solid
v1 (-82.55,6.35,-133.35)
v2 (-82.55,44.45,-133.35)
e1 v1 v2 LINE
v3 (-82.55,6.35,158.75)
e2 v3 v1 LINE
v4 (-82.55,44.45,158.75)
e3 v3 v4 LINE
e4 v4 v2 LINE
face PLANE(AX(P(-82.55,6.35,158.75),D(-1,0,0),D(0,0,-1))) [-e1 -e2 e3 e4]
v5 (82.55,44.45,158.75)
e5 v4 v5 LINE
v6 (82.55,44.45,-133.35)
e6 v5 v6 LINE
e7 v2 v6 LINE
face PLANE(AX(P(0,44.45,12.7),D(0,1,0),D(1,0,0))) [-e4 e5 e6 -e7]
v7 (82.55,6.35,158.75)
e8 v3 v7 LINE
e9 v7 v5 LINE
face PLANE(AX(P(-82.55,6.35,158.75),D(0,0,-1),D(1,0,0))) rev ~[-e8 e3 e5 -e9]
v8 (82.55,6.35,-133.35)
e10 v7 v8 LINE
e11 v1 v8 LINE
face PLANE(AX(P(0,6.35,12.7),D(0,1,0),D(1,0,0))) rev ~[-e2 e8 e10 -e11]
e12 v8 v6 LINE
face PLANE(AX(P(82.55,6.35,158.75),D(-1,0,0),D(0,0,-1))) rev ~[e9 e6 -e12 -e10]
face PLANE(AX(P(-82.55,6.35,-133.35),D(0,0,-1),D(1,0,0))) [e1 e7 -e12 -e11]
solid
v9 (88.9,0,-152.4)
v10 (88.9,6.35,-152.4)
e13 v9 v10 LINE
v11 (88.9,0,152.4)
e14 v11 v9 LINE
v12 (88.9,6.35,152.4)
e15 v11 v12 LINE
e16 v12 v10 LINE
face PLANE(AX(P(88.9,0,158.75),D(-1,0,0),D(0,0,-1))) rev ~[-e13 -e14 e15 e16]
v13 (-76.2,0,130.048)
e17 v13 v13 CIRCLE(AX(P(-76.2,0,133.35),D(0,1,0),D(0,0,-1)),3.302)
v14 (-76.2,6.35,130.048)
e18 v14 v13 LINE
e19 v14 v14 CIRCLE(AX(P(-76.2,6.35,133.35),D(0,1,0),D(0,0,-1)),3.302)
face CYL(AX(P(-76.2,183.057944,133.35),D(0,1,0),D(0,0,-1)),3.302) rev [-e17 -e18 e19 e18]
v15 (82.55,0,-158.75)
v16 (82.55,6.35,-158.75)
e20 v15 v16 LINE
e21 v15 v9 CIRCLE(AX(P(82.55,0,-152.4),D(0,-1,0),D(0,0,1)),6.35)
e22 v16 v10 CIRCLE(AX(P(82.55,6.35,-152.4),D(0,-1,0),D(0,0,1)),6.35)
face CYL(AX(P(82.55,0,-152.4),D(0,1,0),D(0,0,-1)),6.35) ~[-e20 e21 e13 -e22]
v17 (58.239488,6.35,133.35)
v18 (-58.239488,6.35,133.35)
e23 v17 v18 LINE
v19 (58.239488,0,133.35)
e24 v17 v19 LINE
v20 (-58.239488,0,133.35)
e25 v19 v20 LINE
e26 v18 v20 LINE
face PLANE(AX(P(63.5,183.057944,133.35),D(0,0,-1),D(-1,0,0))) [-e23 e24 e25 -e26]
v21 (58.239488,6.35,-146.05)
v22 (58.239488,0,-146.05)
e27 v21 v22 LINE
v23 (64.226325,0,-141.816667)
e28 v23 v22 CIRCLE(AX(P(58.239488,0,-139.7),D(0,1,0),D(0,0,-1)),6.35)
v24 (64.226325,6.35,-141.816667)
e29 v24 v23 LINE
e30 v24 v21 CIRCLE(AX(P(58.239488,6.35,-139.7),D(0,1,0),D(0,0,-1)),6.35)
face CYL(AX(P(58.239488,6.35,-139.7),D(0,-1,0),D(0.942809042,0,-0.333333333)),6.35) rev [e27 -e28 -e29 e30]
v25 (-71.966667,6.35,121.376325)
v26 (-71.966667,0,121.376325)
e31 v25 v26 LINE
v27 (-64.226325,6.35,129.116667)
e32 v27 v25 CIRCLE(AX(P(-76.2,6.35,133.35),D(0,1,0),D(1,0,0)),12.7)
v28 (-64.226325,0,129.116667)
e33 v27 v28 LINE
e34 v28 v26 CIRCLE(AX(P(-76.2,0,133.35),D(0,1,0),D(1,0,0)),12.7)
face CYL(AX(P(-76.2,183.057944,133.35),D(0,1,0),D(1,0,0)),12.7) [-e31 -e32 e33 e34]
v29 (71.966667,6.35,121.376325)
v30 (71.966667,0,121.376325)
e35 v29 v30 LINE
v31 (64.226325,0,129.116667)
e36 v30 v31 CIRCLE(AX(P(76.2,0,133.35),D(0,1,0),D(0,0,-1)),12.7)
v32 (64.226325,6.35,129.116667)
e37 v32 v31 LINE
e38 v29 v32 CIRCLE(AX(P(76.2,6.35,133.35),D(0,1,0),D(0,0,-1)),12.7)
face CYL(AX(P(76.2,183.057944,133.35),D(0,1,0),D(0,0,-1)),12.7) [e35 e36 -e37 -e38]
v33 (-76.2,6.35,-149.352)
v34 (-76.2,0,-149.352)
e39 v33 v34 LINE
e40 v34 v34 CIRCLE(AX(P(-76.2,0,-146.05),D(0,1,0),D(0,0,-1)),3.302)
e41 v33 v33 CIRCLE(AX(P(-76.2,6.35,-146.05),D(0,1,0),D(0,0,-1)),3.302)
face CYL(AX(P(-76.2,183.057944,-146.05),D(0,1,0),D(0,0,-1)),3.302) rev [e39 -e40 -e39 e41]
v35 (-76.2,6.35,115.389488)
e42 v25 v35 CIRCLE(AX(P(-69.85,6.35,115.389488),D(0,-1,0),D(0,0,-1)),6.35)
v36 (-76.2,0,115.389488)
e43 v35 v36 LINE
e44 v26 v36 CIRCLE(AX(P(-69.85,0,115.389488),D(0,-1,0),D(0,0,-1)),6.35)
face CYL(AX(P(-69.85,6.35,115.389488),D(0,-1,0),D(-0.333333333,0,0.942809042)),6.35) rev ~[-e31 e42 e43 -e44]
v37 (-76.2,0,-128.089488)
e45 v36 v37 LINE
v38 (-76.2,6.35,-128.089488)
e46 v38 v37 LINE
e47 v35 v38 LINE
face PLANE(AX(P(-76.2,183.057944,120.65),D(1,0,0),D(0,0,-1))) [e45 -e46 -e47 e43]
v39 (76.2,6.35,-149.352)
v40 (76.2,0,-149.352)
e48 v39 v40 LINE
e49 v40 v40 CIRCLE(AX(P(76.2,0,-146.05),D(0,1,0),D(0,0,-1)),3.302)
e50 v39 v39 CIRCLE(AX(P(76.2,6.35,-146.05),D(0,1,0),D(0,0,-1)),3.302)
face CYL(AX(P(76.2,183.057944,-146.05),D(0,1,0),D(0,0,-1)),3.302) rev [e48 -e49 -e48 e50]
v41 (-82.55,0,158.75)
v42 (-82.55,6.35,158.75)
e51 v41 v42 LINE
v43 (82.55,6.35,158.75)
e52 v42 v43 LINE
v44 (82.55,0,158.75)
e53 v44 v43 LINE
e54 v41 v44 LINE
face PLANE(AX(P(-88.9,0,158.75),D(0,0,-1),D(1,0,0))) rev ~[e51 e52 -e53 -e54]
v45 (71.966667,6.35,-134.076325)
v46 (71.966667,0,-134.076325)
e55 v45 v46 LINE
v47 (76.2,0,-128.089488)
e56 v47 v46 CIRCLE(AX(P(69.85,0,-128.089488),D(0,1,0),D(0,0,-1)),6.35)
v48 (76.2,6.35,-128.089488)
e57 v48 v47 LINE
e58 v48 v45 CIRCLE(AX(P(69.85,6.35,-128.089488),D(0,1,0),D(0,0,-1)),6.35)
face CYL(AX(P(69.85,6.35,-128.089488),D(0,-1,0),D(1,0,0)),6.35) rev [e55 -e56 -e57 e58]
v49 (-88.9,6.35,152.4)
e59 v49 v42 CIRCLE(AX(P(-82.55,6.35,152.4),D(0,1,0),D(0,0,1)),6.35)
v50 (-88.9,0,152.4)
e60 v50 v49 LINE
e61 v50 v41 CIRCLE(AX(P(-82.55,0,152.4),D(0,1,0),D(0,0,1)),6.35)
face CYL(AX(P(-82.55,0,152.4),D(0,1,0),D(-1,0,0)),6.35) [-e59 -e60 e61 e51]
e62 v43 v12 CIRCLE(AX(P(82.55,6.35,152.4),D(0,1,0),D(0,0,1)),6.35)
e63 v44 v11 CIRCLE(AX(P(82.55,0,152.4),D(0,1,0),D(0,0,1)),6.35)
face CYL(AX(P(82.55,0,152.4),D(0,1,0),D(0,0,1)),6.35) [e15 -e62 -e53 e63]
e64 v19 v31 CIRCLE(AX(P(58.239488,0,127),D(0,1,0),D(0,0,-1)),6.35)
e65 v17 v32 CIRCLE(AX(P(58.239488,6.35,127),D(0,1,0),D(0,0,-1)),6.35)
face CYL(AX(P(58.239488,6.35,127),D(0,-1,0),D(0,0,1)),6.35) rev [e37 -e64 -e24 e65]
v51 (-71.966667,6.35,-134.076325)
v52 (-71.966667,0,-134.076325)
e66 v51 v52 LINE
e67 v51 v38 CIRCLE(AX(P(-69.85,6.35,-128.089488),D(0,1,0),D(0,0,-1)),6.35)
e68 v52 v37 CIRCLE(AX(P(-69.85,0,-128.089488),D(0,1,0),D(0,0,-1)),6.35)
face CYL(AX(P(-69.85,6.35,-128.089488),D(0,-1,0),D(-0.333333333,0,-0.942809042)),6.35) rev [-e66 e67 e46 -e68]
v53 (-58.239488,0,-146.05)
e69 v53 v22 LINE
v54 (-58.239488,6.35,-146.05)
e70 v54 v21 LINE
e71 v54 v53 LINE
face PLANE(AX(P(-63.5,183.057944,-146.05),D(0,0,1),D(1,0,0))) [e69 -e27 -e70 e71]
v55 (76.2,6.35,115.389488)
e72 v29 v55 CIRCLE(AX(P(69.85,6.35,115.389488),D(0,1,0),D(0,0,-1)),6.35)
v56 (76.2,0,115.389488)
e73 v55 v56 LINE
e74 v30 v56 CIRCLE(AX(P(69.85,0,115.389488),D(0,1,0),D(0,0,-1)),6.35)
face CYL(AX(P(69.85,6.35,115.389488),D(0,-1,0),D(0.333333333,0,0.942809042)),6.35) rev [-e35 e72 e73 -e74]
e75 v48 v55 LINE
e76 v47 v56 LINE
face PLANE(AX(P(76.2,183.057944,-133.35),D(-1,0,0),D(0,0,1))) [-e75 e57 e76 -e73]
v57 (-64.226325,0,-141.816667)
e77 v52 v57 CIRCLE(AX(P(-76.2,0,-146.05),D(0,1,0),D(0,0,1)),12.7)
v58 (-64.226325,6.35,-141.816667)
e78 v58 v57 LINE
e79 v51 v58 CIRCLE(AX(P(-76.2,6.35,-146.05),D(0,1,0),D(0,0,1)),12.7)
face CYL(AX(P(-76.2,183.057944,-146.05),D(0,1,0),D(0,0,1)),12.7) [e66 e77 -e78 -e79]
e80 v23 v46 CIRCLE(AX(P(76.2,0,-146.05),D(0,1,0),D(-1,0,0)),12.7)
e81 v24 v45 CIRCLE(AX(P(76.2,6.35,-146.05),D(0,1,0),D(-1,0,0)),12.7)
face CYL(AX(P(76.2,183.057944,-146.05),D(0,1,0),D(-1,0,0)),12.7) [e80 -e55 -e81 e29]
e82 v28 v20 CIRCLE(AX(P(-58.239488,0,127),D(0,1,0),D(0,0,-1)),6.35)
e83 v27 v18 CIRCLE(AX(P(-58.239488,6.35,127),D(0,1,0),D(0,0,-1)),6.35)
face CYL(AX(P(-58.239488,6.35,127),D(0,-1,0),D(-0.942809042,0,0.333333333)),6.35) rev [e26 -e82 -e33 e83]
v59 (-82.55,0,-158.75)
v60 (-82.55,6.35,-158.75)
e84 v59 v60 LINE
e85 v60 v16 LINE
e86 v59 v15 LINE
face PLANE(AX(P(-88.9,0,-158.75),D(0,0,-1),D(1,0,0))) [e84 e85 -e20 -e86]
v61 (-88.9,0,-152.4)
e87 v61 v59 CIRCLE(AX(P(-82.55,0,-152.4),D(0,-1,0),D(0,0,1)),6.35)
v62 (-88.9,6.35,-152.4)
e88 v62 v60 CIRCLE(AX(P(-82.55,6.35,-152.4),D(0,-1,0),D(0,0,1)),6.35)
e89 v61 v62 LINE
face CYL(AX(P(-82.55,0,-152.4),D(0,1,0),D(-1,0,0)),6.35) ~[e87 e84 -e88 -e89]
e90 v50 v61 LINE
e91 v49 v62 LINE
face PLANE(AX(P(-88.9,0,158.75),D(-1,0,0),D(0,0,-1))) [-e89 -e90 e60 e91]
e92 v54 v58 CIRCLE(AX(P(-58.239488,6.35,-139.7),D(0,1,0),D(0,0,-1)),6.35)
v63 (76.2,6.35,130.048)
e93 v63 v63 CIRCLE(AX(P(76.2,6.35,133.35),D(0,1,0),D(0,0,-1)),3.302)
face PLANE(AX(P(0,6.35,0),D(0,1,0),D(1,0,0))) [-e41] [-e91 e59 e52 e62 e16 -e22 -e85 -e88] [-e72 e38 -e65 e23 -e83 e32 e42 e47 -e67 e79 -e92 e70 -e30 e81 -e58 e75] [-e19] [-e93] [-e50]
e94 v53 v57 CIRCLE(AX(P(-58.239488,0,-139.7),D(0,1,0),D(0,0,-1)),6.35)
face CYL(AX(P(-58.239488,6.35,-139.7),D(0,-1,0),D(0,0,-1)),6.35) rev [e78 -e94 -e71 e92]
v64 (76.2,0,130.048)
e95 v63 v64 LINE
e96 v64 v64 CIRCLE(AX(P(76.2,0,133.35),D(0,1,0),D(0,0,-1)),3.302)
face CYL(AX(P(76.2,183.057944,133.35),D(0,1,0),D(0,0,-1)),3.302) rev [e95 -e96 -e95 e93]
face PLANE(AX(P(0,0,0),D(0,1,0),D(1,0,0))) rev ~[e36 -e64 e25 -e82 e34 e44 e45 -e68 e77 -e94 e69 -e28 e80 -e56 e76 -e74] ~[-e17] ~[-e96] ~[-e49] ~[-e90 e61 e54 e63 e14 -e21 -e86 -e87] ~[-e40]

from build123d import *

# Parameters (mm, degrees)
SKETCH1_W               = 177.8
SKETCH1_H               = 317.5
BASE_DEPTH              = 6.35
HOLES_DEPTH             = 183.057944073
HOLES_DEPTH_BACK        = 183.057944073
SKETCH3_R               = 3.302
INNER_CUTOUT_DEPTH      = 183.057944073
INNER_CUTOUT_DEPTH_BACK = 183.057944073
FILLET1_R               = 6.35
SKETCH2_W               = 165.1
SKETCH2_H               = 292.1
PADDING_DEPTH           = 38.1


with BuildPart() as part:
    # Sketch1 → Base (new body)
    with BuildSketch(Plane(origin=(0, 0, 0), x_dir=(1, 0, 0), z_dir=(0, 1, 0))):
        Rectangle(SKETCH1_W, SKETCH1_H)
    extrude(amount=BASE_DEPTH)

    # Sketch3 → Holes (cut, two sides: drawn at the far end of the back side and taken through both)
    with BuildSketch(Plane.XZ.offset(-HOLES_DEPTH_BACK)):
        with Locations(Location((-76.2, -146.05, 0), (0, 0, 270))):
            Circle(SKETCH3_R)
        with Locations(Location((76.2, -146.05, 0), (0, 0, 270))):
            Circle(SKETCH3_R)
        with Locations(Location((76.2, 133.35, 0), (0, 0, 270))):
            Circle(SKETCH3_R)
        with Locations(Location((-76.2, 133.35, 0), (0, 0, 270))):
            Circle(SKETCH3_R)
    extrude(amount=HOLES_DEPTH + HOLES_DEPTH_BACK, mode=Mode.SUBTRACT)

    # Sketch6 → Inner Cutout (cut, two sides: drawn at the far end of the back side and taken through both)
    with BuildSketch(Plane.XZ.offset(-INNER_CUTOUT_DEPTH_BACK)):
        with BuildLine():
            Line((-76.2, 120.65), (-76.2, -133.35))
            ThreePointArc((-76.2, -133.35), (-67.219743879, -137.069743879), (-63.5, -146.05))
            Line((-63.5, -146.05), (63.5, -146.05))
            ThreePointArc((63.5, -146.05), (67.219743879, -137.069743879), (76.2, -133.35))
            Line((76.2, -133.35), (76.2, 120.65))
            ThreePointArc((76.2, 120.65), (67.219743879, 124.369743879), (63.5, 133.35))
            Line((63.5, 133.35), (-63.5, 133.35))
            ThreePointArc((-63.5, 133.35), (-67.219743879, 124.369743879), (-76.2, 120.65))
        make_face()
    extrude(amount=INNER_CUTOUT_DEPTH + INNER_CUTOUT_DEPTH_BACK, mode=Mode.SUBTRACT)

    # Fillet1
    fillet1_edges = [part.edges().sort_by_distance(p)[0] for p in [
        (-76.2, 3.175, 120.65),
        (-63.5, 3.175, 133.35),
        (63.5, 3.175, 133.35),
        (76.2, 3.175, 120.65),
        (76.2, 3.175, -133.35),
        (63.5, 3.175, -146.05),
        (-63.5, 3.175, -146.05),
        (-76.2, 3.175, -133.35),
        (88.9, 3.175, 158.75),
        (-88.9, 3.175, 158.75),
        (-88.9, 3.175, -158.75),
        (88.9, 3.175, -158.75),
    ]]
    fillet(fillet1_edges, radius=FILLET1_R)


with BuildPart() as body_2:
    # Sketch2 → Padding (new body)
    with BuildSketch(Plane(origin=(0, 6.35, 0), x_dir=(1, 0, 0), z_dir=(0, 1, 0))):
        with Locations((0, -12.7)):
            Rectangle(SKETCH2_W, SKETCH2_H)
    extrude(amount=PADDING_DEPTH)


solid = Compound([part.part, body_2.part])
